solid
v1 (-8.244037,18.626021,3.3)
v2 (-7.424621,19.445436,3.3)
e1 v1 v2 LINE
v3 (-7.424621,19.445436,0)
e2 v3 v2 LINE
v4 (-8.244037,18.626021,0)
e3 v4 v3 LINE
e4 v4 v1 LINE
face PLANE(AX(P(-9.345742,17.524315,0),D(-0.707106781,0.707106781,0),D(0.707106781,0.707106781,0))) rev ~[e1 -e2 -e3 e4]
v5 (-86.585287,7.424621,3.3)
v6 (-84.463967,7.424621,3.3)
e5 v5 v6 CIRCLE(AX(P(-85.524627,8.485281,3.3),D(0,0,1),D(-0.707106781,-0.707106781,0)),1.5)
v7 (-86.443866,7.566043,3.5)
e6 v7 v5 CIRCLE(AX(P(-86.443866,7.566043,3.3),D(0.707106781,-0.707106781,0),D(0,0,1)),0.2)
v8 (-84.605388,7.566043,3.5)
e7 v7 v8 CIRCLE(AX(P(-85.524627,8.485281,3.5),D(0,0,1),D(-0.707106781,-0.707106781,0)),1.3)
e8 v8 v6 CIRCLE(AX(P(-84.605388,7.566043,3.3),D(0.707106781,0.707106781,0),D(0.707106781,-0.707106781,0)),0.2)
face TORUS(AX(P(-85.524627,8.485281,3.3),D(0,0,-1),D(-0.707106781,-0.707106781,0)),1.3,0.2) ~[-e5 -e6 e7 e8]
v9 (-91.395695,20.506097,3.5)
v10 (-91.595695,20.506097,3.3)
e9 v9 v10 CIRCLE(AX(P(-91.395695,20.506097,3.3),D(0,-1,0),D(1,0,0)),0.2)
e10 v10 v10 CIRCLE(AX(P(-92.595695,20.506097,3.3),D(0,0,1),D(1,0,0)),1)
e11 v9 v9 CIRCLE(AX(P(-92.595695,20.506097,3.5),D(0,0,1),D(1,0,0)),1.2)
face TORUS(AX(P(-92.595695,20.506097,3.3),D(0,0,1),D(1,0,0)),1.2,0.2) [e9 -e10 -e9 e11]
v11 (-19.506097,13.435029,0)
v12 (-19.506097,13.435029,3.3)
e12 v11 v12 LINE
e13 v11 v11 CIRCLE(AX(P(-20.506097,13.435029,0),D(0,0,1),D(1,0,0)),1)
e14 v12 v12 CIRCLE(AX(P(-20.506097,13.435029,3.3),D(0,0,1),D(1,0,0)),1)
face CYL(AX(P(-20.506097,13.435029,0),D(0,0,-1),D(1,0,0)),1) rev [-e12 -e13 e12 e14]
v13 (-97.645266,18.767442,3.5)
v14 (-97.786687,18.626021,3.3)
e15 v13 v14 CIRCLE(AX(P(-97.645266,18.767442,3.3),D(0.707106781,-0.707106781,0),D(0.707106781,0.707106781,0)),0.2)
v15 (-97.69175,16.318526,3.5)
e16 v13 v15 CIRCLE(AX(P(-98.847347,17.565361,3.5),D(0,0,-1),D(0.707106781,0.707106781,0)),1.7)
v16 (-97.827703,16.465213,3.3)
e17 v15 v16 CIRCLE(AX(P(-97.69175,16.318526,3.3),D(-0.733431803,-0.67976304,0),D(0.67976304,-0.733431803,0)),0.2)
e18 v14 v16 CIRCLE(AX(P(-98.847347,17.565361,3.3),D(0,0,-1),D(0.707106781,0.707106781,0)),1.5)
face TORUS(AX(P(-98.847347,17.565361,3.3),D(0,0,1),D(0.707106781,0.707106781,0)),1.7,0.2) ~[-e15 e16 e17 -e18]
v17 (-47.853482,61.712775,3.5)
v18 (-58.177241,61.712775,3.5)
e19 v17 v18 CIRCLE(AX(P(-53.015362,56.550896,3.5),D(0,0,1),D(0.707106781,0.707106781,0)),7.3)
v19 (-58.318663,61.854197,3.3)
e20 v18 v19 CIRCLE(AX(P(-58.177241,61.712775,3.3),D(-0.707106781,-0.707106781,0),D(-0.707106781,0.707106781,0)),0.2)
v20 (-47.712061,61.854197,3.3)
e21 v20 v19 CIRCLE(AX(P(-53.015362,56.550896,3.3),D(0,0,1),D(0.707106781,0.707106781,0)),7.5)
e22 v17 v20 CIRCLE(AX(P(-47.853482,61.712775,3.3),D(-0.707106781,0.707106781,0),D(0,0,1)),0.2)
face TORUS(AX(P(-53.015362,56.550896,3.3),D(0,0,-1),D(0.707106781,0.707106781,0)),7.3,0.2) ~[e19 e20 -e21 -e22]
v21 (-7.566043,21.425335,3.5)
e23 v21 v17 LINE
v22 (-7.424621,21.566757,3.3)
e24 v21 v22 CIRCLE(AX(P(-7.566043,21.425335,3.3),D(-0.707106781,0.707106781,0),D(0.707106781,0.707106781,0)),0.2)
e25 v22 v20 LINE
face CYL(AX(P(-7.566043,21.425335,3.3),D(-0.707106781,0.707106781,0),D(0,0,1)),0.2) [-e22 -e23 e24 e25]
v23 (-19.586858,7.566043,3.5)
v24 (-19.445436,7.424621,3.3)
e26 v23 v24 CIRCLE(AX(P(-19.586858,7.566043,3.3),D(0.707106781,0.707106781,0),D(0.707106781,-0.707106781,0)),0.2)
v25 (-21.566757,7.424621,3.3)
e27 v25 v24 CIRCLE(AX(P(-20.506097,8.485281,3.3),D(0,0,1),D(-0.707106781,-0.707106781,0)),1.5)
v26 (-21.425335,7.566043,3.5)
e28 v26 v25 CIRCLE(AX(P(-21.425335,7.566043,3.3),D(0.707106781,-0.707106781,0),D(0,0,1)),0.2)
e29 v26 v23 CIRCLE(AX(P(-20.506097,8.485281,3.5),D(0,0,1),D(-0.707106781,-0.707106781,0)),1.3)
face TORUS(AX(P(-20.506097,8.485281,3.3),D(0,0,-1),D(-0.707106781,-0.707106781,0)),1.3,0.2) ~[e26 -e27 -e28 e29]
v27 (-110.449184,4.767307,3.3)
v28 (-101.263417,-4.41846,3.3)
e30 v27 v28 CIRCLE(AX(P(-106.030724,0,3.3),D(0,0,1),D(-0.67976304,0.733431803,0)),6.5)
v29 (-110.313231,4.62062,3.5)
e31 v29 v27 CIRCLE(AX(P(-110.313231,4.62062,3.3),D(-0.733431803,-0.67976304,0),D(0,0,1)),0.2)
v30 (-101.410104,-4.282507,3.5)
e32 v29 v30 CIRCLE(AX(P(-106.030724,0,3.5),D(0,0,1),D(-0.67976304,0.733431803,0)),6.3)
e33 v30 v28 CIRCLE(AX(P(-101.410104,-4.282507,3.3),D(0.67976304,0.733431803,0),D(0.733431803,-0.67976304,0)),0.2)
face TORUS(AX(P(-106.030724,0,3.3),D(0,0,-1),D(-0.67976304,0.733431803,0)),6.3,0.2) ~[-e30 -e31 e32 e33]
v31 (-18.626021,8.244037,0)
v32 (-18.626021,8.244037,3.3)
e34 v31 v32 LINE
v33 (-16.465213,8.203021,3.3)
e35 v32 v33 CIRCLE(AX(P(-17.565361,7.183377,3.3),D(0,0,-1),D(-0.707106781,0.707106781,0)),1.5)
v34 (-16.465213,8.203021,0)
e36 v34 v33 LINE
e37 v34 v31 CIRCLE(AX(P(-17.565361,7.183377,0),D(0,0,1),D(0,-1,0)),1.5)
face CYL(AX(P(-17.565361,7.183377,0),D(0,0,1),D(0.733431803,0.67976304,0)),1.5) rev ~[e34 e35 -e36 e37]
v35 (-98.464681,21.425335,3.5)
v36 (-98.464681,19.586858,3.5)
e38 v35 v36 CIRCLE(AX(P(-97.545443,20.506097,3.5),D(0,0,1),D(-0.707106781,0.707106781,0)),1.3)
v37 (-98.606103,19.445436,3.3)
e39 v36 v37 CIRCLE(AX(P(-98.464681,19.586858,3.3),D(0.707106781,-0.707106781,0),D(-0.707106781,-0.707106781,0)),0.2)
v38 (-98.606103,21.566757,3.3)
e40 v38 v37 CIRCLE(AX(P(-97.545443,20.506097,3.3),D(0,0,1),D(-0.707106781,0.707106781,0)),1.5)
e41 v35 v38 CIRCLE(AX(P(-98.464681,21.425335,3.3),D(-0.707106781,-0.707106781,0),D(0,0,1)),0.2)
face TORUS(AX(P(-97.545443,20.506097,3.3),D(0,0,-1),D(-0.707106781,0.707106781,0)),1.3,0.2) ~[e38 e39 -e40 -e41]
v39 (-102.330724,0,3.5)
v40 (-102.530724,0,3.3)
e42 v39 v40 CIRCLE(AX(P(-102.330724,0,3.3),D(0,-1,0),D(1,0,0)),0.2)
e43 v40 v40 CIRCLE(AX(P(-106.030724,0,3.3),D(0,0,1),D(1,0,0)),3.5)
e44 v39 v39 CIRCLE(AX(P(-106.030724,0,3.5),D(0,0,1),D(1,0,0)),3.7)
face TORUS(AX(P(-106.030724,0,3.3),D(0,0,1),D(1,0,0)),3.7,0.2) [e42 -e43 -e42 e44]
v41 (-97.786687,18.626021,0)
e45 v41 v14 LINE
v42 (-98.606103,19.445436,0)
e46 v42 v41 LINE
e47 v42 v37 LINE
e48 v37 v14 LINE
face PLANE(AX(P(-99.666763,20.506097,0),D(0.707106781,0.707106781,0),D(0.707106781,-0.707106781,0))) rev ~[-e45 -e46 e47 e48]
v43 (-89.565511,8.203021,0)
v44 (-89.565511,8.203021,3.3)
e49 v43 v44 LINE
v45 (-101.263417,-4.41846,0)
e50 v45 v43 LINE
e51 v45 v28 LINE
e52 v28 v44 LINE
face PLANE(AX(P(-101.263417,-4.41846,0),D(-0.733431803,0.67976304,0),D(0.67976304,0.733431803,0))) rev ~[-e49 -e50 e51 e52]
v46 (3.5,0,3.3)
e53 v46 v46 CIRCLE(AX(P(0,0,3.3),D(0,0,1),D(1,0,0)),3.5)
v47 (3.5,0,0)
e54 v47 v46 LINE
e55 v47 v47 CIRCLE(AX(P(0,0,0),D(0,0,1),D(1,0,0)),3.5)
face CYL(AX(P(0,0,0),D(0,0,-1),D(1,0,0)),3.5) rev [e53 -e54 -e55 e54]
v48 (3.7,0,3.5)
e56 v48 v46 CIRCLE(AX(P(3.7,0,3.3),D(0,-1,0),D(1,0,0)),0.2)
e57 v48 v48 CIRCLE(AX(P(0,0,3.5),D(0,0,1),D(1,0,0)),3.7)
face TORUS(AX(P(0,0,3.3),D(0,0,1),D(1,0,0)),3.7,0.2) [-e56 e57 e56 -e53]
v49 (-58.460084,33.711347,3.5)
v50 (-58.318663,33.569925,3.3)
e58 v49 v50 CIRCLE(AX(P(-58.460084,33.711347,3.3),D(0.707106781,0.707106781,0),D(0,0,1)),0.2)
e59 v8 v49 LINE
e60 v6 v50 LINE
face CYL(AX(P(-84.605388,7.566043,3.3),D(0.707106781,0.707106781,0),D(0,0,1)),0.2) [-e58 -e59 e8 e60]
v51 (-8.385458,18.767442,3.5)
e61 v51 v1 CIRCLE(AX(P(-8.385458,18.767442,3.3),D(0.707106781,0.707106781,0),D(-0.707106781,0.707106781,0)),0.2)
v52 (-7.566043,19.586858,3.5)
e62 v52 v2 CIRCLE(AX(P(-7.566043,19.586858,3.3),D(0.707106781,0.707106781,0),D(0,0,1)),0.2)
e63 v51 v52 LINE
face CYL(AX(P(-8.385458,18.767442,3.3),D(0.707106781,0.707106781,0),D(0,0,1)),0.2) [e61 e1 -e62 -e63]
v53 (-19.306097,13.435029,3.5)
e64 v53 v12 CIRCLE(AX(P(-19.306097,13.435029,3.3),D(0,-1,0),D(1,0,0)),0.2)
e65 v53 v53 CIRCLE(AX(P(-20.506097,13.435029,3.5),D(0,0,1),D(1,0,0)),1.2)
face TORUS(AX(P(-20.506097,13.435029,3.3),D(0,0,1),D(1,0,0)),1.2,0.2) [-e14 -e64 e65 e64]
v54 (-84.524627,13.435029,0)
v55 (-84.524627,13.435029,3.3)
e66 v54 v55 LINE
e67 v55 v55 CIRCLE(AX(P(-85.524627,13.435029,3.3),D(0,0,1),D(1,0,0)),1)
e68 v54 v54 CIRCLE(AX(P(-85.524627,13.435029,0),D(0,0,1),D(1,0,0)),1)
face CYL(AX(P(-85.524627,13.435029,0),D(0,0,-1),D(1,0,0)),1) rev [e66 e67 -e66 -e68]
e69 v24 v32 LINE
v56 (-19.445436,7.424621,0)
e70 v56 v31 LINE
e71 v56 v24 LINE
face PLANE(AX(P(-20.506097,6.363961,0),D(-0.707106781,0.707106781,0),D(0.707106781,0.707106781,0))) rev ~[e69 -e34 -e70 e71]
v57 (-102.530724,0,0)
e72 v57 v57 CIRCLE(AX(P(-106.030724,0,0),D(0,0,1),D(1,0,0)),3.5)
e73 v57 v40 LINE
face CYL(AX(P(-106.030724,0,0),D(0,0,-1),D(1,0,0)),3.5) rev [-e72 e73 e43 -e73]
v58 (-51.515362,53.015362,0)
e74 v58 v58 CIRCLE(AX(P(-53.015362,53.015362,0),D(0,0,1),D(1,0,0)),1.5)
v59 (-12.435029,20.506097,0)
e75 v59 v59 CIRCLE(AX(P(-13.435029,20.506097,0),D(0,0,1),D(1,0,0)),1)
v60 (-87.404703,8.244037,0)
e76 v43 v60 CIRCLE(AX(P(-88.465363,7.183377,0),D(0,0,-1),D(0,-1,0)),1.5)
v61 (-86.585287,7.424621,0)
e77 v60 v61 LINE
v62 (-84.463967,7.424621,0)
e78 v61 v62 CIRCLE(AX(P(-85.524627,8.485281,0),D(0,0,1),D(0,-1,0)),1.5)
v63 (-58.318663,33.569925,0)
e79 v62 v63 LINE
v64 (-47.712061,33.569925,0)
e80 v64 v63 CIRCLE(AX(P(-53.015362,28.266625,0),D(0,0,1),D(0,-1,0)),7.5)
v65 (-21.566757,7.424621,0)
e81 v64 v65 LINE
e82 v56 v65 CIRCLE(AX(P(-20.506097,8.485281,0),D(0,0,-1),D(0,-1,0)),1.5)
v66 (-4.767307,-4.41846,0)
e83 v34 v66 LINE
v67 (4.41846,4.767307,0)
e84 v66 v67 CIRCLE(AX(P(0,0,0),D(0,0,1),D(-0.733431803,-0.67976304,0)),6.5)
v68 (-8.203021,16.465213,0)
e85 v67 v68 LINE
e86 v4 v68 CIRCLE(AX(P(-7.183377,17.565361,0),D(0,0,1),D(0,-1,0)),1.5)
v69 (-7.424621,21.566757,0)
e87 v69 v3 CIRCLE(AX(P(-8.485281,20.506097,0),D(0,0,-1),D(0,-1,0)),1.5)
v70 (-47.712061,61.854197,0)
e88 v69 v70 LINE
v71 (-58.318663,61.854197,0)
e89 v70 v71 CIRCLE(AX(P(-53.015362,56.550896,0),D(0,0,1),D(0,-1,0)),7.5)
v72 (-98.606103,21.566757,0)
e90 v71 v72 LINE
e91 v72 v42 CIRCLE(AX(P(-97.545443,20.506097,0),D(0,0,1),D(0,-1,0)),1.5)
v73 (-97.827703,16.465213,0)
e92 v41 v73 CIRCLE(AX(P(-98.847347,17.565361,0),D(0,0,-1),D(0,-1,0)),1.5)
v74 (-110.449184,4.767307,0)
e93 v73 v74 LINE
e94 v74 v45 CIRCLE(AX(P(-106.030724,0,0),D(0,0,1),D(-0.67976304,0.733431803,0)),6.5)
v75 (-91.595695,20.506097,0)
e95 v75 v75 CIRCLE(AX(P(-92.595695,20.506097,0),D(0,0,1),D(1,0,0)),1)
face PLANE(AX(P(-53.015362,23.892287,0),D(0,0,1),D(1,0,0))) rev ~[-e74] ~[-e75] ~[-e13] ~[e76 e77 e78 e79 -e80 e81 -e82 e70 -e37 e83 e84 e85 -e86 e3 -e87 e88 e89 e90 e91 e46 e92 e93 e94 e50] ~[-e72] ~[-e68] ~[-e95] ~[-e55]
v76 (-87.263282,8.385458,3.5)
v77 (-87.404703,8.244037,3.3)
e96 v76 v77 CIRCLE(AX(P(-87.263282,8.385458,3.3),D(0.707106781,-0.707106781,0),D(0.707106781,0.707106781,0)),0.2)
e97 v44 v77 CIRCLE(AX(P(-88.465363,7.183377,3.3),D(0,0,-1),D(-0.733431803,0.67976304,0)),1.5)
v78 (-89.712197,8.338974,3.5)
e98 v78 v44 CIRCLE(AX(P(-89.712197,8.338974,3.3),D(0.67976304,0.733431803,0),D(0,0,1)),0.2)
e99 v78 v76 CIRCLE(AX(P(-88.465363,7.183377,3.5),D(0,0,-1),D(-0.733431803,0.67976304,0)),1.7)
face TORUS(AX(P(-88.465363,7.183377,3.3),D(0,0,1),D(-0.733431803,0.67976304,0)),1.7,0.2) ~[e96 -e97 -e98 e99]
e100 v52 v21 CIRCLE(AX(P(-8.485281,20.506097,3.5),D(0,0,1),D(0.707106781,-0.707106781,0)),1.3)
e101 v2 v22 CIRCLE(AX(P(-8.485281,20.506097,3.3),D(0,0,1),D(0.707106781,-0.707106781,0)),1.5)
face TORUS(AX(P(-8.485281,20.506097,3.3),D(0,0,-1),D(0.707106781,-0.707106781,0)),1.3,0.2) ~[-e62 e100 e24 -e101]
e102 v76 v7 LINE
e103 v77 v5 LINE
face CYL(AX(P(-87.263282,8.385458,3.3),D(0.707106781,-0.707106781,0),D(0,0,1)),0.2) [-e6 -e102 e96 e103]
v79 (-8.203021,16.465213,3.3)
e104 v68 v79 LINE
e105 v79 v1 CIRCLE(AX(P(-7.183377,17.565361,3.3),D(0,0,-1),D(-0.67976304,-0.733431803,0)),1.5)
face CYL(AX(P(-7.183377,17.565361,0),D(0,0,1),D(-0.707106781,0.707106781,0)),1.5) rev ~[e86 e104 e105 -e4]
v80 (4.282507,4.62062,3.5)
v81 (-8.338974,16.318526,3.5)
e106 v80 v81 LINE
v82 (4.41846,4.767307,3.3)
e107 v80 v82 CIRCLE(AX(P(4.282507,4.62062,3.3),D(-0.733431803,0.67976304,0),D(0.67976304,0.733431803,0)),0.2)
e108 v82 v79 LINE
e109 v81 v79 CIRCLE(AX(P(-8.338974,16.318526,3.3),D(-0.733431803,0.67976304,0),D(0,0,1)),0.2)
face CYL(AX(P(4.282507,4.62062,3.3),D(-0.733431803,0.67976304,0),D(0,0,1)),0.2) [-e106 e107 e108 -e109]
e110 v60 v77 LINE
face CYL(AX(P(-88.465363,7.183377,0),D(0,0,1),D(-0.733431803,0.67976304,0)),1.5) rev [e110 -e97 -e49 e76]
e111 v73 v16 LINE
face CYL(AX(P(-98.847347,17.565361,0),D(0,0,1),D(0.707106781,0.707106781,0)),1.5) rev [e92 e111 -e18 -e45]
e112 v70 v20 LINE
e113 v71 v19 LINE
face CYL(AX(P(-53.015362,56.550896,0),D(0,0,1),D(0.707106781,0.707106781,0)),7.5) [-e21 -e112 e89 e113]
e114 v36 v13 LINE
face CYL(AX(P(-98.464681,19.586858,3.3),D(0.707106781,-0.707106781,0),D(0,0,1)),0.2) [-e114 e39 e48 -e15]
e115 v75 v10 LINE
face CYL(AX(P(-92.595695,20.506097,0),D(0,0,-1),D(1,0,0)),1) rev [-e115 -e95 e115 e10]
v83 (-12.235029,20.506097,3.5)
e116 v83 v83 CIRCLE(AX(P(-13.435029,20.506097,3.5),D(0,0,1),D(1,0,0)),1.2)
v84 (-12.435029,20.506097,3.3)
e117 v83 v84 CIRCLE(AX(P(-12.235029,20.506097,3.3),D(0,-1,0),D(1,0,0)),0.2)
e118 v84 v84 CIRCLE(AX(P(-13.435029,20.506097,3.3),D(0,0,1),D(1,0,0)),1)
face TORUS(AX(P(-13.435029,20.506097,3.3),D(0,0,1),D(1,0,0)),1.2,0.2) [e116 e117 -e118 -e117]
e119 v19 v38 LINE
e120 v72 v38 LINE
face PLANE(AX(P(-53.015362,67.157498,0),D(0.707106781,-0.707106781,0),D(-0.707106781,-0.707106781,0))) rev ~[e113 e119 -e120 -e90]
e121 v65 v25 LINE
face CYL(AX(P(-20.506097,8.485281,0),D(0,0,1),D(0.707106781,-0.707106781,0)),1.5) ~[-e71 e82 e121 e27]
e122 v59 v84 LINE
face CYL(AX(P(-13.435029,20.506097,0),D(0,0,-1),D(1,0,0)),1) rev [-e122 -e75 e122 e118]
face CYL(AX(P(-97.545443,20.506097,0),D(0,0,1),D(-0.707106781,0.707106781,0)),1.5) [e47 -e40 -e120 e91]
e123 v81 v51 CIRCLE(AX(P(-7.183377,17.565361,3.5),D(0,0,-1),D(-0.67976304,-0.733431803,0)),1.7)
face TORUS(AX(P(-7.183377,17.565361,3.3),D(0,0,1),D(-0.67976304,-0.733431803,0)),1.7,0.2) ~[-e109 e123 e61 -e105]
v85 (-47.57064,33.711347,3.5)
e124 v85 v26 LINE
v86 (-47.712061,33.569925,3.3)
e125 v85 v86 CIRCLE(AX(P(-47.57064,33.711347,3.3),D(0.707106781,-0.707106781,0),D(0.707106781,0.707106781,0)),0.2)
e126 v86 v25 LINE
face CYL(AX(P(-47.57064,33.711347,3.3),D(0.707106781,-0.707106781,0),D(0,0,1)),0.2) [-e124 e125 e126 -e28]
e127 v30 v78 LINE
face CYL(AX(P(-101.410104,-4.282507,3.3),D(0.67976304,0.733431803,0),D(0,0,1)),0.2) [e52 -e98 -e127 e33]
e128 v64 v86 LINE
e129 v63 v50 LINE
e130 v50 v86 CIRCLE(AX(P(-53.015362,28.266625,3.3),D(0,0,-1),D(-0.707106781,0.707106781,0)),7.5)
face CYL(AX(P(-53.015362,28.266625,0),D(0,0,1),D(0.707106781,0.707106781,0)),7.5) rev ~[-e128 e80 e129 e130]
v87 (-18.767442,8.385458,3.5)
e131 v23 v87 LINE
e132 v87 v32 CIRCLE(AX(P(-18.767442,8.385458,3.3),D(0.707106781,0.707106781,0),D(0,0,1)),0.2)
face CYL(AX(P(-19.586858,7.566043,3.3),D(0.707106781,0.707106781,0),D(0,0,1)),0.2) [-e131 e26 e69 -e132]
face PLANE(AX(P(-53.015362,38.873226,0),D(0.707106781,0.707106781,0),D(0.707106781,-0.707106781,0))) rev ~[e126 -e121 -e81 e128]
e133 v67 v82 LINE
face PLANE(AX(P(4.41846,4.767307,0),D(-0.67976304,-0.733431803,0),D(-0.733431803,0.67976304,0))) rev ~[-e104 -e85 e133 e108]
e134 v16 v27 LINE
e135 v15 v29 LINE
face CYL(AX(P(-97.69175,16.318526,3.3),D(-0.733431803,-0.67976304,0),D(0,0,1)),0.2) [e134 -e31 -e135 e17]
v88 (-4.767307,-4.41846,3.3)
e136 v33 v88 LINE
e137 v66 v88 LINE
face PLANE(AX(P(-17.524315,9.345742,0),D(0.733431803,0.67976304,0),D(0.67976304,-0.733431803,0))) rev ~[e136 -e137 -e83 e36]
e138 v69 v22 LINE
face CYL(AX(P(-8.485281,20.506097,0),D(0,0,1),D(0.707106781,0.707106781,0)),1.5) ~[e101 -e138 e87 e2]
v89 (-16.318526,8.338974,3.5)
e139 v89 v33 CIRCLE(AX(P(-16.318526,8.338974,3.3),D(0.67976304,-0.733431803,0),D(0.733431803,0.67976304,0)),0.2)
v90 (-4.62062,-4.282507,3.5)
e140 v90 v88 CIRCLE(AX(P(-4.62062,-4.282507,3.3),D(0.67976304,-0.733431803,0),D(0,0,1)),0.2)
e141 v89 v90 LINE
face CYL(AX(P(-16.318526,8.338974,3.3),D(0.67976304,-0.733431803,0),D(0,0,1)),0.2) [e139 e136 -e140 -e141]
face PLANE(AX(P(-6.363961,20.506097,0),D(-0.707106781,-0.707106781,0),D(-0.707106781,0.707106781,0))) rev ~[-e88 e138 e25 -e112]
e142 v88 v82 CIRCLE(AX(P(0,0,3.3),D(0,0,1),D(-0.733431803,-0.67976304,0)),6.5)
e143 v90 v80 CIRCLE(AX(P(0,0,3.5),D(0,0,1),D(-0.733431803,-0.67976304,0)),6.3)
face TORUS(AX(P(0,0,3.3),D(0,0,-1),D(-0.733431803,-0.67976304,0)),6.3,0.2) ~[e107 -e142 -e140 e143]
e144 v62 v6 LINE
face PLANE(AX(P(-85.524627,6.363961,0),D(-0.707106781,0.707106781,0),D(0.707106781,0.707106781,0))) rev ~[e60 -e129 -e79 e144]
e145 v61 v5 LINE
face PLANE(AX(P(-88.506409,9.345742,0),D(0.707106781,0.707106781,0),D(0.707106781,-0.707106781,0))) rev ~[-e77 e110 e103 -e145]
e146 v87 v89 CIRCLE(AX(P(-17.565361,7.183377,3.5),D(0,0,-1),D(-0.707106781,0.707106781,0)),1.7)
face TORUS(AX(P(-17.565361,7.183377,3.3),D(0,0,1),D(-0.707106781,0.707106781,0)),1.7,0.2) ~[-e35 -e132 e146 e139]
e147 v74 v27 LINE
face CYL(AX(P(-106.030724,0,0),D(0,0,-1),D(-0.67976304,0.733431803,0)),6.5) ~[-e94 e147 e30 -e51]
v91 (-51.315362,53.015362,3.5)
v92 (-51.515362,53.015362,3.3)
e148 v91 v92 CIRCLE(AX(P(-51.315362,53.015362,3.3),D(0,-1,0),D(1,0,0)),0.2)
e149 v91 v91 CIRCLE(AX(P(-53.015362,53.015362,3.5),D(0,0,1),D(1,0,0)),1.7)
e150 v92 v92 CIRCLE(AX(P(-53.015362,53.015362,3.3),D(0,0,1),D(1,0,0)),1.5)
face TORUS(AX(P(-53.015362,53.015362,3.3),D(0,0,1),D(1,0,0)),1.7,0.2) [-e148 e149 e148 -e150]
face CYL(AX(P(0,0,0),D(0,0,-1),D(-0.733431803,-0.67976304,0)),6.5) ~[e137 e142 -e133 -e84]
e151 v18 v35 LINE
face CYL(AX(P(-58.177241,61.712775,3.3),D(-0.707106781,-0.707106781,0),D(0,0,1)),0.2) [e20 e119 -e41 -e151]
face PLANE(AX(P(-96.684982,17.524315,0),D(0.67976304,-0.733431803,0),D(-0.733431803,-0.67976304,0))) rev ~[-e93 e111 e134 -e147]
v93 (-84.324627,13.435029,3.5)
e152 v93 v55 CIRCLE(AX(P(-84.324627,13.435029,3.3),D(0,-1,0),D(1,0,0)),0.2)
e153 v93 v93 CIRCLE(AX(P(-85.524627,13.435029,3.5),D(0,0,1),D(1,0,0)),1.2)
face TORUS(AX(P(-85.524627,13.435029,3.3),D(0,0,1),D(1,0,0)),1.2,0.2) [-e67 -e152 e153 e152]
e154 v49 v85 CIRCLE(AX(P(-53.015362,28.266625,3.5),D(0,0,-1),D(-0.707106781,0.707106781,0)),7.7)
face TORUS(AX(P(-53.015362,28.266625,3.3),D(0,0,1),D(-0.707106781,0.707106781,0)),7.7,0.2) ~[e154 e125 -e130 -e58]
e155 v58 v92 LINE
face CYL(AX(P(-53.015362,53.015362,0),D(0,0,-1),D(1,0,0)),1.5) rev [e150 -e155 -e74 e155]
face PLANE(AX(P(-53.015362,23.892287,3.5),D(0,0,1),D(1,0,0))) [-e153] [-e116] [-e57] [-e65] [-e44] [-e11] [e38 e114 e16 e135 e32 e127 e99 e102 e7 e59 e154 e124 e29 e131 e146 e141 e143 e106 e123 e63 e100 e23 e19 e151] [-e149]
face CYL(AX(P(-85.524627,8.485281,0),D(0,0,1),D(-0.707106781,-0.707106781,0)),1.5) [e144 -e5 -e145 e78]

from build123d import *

# Parameters (mm, degrees)
SKETCH5_R           = 3.5
SKETCH5_R_2         = 1
SKETCH5_R_3         = 1.5
BOSS_EXTRUDE1_DEPTH = 3.5
FILLET1_R           = 7.5
FILLET2_R           = 1.5
FILLET3_R           = 0.2


with BuildPart() as part:
    # Sketch5 → Boss-Extrude1 (new body)
    with BuildSketch(Plane.XY):
        with BuildLine():
            Line((4.418459759, 4.76730672), (-9.345742325, 17.52431536))
            Line((-9.345742325, 17.52431536), (-6.363961031, 20.506096654))
            Line((-6.363961031, 20.506096654), (-53.015361965, 67.157497589))
            Line((-53.015361965, 67.157497589), (-99.666762899, 20.506096654))
            Line((-99.666762899, 20.506096654), (-96.684981605, 17.52431536))
            Line((-96.684981605, 17.52431536), (-110.449183688, 4.76730672))
            ThreePointArc((-110.449183688, 4.76730672), (-110.626918007, -4.596194078), (-101.26341721, -4.418459759))
            Line((-101.26341721, -4.418459759), (-88.506408569, 9.345742325))
            Line((-88.506408569, 9.345742325), (-85.524627275, 6.363961031))
            Line((-85.524627275, 6.363961031), (-53.015361965, 38.873226341))
            Line((-53.015361965, 38.873226341), (-20.506096654, 6.363961031))
            Line((-20.506096654, 6.363961031), (-17.52431536, 9.345742325))
            Line((-17.52431536, 9.345742325), (-4.76730672, -4.418459759))
            ThreePointArc((-4.76730672, -4.418459759), (4.596194078, -4.596194078), (4.418459759, 4.76730672))
        make_face()
        Circle(SKETCH5_R, mode=Mode.SUBTRACT)
        with Locations((-106.03072393, 0)):
            Circle(SKETCH5_R, mode=Mode.SUBTRACT)
        with Locations((-92.595695087, 20.506096654)):
            Circle(SKETCH5_R_2, mode=Mode.SUBTRACT)
        with Locations((-53.015361965, 53.015361965)):
            Circle(SKETCH5_R_3, mode=Mode.SUBTRACT)
        with Locations((-20.506096654, 13.435028843)):
            Circle(SKETCH5_R_2, mode=Mode.SUBTRACT)
        with Locations((-13.435028843, 20.506096654)):
            Circle(SKETCH5_R_2, mode=Mode.SUBTRACT)
        with Locations((-85.524627275, 13.435028843)):
            Circle(SKETCH5_R_2, mode=Mode.SUBTRACT)
    extrude(amount=BOSS_EXTRUDE1_DEPTH)

    # Fillet1
    fillet1_edges = [part.edges().sort_by_distance(p)[0] for p in [
        (-53.015361965, 67.157497589, 1.75),
        (-53.015361965, 38.873226341, 1.75),
    ]]
    fillet(fillet1_edges, radius=FILLET1_R)

    # Fillet2
    fillet2_edges = [part.edges().sort_by_distance(p)[0] for p in [
        (-88.506408569, 9.345742325, 1.75),
        (-96.684981605, 17.52431536, 1.75),
        (-99.666762899, 20.506096654, 1.75),
        (-6.363961031, 20.506096654, 1.75),
        (-9.345742325, 17.52431536, 1.75),
        (-17.52431536, 9.345742325, 1.75),
        (-20.506096654, 6.363961031, 1.75),
        (-85.524627275, 6.363961031, 1.75),
    ]]
    fillet(fillet2_edges, radius=FILLET2_R)

    # Fillet3
    fillet3_edges = [part.edges().sort_by_distance(p)[0] for p in [
        (-97.34761728, 17.536893252, 3.5),
        (-88.493830678, 8.68310665, 3.5),
        (-17.536893252, 8.68310665, 3.5),
        (-8.68310665, 17.536893252, 3.5),
        (4.596194078, -4.596194078, 3.5),
        (-1.892280802, 10.616259777, 3.5),
        (-3.5, 0, 3.5),
        (-109.53072393, 0, 3.5),
        (-93.595695087, 20.506096654, 3.5),
        (-54.515361965, 53.015361965, 3.5),
        (-21.506096654, 13.435028843, 3.5),
        (-110.626918007, -4.596194078, 3.5),
        (-14.435028843, 20.506096654, 3.5),
        (-95.414464153, 1.892280802, 3.5),
        (-86.524627275, 13.435028843, 3.5),
        (-34.639408966, 20.497273342, 3.5),
        (-78.462382775, 41.710476778, 3.5),
        (-53.015361965, 64.050895871, 3.5),
        (-53.015361965, 35.766624623, 3.5),
        (-98.196394841, 19.035728597, 3.5),
        (-27.568341154, 41.710476778, 3.5),
        (-104.138443128, 10.616259777, 3.5),
        (-86.994995333, 7.834329088, 3.5),
        (-71.391314964, 20.497273342, 3.5),
        (-19.035728597, 7.834329088, 3.5),
        (-10.616259777, 1.892280802, 3.5),
        (-7.834329088, 19.035728597, 3.5),
        (-6.985281374, 20.506096654, 3.5),
        (-20.506096654, 6.985281374, 3.5),
        (-85.524627275, 6.985281374, 3.5),
        (-99.045442555, 20.506096654, 3.5),
    ]]
    fillet(fillet3_edges, radius=FILLET3_R)


solid = part.part
